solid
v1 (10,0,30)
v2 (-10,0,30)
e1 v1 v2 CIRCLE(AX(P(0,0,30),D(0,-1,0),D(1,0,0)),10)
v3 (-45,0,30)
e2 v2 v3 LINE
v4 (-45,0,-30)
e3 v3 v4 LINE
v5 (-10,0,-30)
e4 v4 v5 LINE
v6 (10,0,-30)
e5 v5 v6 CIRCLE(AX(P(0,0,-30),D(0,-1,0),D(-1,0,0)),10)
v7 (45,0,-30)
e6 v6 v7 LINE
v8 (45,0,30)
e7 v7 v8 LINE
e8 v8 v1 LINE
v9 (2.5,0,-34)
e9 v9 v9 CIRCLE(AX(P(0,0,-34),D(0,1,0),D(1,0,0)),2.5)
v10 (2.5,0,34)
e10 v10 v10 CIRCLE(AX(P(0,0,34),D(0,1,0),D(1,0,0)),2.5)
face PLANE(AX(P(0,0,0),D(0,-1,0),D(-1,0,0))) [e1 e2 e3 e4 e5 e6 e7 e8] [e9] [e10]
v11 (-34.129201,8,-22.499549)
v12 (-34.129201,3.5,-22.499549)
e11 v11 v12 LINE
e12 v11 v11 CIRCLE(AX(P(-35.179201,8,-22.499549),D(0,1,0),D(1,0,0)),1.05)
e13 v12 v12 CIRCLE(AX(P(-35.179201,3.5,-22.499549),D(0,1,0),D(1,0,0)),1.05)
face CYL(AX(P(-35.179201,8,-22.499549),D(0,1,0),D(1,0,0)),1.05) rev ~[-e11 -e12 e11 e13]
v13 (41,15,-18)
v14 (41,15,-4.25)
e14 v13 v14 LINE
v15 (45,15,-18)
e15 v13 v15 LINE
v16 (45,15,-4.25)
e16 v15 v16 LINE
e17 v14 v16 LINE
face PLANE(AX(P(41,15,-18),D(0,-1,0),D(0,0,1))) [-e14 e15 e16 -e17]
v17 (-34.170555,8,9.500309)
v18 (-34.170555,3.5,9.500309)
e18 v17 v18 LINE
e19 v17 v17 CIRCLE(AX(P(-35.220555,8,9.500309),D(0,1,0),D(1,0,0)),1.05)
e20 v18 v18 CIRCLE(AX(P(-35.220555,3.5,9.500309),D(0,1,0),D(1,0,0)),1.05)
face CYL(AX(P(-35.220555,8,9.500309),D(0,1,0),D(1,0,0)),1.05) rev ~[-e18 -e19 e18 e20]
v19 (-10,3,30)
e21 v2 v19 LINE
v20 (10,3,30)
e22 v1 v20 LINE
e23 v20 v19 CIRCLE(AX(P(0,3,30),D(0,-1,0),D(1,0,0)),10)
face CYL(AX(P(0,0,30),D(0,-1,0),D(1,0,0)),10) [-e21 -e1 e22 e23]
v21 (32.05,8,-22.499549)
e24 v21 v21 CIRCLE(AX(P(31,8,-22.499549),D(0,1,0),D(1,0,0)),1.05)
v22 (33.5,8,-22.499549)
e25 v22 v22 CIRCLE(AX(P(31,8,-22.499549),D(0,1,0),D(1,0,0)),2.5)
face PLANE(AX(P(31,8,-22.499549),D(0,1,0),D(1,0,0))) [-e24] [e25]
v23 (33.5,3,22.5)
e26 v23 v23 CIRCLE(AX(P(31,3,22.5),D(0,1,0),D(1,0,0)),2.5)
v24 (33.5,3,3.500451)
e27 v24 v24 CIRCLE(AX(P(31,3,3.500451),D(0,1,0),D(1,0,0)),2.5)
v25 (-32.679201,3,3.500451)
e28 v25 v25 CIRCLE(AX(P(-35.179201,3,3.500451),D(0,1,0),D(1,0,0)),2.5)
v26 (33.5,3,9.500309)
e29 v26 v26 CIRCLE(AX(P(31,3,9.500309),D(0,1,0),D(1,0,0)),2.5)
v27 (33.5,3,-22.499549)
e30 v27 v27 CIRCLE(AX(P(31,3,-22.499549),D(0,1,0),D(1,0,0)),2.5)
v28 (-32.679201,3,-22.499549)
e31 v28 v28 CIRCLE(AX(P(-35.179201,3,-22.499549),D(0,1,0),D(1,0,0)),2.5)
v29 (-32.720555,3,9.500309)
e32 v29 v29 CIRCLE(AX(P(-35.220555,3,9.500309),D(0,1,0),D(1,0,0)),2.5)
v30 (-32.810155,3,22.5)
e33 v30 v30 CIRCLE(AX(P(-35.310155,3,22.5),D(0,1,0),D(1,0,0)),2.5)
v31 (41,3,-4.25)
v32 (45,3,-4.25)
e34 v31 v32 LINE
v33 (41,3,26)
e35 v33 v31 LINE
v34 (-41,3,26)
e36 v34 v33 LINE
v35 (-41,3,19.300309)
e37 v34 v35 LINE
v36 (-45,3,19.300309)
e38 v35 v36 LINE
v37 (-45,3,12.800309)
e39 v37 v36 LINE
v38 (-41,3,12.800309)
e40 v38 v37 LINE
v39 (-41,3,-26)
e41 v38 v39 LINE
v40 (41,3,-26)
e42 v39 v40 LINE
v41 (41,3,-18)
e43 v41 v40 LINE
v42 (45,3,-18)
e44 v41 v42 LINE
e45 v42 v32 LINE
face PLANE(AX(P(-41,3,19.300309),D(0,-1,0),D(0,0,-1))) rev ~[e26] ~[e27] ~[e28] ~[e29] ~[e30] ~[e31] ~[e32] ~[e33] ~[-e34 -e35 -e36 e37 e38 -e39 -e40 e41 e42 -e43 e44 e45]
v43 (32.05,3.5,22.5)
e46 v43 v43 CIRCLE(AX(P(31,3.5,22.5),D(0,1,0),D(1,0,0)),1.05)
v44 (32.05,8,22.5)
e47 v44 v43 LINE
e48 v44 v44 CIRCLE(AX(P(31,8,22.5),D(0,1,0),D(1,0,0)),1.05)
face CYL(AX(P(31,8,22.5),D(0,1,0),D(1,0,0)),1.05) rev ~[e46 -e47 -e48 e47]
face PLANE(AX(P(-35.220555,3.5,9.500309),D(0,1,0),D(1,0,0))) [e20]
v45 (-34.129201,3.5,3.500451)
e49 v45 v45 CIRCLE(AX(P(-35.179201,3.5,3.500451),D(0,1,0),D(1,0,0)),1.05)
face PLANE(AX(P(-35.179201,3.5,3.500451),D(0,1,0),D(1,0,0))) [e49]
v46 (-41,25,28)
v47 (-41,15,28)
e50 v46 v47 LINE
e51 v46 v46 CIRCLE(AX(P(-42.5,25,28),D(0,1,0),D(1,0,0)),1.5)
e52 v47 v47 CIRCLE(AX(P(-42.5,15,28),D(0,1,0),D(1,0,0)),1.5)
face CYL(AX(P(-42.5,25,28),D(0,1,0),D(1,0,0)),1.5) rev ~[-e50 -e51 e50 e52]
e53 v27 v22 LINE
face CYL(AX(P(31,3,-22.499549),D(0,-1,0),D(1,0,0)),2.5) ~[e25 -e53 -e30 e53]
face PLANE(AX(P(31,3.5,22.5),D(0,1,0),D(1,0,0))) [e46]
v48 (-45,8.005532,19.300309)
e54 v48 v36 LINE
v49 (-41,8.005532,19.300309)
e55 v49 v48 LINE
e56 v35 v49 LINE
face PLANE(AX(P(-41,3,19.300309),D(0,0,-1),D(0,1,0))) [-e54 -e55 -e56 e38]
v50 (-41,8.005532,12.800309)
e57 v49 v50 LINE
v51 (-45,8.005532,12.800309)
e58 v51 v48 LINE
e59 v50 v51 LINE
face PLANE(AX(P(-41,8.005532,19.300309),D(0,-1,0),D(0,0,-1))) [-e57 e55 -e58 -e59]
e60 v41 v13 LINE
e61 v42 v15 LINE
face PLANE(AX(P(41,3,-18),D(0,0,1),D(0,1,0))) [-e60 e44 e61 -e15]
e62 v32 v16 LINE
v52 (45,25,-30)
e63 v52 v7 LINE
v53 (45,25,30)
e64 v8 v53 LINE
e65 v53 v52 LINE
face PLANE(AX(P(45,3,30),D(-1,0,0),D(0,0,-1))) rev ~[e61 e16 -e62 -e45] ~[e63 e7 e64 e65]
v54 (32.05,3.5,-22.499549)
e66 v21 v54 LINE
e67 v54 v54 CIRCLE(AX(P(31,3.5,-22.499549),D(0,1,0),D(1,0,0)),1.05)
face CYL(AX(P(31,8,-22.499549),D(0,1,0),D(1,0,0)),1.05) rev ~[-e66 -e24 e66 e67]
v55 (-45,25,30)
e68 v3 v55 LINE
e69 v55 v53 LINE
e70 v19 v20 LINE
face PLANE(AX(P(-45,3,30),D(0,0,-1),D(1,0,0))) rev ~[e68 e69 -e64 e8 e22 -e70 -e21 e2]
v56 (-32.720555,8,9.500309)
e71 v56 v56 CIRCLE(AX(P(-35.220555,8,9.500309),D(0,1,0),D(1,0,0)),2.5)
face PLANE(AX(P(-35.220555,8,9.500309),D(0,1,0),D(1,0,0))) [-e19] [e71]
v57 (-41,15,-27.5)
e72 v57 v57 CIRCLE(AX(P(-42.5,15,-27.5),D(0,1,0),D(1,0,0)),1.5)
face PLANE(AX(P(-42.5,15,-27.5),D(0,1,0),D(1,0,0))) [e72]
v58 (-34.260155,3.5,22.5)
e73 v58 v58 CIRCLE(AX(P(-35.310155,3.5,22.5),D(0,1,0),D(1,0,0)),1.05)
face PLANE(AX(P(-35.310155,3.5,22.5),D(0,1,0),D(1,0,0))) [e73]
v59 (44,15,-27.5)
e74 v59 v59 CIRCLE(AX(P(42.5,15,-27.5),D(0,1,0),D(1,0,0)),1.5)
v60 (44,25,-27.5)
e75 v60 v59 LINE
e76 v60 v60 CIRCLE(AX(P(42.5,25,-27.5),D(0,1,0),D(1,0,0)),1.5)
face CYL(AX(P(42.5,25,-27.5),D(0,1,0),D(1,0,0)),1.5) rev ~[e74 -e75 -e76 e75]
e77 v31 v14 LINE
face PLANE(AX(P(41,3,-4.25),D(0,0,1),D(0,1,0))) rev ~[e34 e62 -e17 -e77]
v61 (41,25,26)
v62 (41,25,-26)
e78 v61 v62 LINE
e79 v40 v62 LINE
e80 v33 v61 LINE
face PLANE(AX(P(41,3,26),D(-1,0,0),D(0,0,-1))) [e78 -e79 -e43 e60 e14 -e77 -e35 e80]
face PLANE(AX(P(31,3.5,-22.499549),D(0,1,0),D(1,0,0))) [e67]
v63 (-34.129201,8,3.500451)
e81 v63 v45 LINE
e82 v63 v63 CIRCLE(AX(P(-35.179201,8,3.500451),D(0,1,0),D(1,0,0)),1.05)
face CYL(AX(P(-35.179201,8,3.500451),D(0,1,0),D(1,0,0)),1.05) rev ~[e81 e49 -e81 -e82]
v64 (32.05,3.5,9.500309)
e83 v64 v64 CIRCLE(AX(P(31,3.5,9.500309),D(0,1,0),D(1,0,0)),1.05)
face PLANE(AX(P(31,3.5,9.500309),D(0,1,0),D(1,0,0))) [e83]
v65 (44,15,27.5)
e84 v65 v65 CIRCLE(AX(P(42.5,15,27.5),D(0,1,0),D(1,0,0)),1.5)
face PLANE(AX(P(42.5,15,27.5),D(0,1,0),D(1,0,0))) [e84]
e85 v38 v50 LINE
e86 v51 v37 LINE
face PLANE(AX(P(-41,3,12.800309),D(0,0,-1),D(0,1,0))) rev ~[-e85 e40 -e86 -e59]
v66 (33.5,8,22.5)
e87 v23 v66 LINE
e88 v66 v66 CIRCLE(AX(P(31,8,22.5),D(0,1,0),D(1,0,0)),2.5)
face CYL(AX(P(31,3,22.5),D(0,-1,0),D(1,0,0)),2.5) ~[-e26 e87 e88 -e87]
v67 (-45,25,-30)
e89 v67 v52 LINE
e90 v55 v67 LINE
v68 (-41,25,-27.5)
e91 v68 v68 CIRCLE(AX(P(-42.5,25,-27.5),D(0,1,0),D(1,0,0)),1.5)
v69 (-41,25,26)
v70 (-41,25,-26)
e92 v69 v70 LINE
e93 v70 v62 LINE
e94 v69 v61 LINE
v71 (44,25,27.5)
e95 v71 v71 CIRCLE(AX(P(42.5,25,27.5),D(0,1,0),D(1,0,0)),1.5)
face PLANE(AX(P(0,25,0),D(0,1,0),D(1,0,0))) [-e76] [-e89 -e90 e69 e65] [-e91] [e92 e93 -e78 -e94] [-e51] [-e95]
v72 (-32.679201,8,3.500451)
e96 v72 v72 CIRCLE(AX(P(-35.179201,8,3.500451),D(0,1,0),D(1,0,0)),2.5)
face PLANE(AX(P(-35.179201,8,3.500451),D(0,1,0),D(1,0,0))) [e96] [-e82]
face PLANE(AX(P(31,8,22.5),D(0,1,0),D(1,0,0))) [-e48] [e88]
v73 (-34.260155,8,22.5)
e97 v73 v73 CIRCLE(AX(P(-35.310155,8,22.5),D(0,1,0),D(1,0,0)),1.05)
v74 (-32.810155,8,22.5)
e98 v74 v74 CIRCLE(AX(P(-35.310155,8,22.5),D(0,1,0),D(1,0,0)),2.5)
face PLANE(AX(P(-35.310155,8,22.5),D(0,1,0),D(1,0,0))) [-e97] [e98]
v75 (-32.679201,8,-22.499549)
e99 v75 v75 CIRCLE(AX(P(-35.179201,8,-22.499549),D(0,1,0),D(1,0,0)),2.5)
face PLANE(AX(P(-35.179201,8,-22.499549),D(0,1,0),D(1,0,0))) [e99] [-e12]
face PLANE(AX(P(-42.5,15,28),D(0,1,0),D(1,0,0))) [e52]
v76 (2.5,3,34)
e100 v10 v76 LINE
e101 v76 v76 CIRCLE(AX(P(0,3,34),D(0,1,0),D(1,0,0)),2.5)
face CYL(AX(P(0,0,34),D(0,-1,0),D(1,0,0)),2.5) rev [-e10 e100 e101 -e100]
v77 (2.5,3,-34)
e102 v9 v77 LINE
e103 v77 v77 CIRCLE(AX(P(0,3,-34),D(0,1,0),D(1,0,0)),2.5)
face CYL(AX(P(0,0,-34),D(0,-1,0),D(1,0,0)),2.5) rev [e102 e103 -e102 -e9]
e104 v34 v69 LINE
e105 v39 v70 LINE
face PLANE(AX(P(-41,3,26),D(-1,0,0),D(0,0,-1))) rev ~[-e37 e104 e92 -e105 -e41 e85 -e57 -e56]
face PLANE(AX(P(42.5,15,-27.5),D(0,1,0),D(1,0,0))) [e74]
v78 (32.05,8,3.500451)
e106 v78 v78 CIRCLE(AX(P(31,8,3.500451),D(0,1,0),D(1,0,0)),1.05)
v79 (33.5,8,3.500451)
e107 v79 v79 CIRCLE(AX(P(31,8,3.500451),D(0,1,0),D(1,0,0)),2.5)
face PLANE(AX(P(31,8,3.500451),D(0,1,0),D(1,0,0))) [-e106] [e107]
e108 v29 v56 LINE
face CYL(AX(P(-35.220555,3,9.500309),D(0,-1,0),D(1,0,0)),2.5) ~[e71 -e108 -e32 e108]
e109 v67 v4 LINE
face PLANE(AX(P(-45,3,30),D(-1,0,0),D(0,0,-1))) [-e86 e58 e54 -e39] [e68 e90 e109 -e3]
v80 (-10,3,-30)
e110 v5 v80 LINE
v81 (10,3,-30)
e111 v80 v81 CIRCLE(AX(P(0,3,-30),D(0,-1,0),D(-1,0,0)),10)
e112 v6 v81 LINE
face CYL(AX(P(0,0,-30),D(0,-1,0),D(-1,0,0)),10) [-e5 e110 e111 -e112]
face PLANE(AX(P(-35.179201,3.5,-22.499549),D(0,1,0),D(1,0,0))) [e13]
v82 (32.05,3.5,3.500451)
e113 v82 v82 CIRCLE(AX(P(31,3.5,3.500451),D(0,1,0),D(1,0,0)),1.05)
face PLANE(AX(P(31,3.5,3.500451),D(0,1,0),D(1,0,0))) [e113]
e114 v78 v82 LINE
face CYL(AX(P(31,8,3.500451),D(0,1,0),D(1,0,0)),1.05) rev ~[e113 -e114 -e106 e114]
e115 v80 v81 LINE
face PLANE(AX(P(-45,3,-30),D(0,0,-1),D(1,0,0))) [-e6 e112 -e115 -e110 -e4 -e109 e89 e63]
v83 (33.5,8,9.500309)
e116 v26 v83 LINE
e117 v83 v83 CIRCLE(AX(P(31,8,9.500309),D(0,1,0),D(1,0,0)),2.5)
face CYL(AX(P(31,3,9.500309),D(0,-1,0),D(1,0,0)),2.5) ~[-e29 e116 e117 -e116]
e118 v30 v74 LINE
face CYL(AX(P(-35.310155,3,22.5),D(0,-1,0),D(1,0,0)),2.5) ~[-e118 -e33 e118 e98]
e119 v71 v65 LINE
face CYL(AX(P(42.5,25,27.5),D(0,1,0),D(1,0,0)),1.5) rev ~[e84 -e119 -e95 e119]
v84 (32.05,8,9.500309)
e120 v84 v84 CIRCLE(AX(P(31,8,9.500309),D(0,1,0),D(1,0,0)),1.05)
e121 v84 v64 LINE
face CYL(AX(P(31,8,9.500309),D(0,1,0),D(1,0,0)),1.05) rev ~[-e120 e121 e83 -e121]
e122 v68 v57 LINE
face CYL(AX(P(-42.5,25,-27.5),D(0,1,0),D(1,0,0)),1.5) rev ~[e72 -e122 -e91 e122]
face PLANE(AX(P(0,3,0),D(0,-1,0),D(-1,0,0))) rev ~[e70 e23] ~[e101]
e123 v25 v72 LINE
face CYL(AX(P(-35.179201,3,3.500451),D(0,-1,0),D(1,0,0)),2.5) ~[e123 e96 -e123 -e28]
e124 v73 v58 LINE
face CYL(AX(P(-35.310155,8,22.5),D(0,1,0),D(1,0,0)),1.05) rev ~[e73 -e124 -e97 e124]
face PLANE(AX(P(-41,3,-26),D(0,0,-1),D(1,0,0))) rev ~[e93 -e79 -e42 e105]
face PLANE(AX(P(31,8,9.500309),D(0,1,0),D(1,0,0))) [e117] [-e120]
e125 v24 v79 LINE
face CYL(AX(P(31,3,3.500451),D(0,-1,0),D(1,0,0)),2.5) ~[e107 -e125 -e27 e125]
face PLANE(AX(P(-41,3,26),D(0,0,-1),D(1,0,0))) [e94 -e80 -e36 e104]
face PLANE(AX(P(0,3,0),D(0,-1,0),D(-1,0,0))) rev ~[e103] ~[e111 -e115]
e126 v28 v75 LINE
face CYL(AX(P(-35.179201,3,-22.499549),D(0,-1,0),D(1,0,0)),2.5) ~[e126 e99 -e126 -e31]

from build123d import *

# Parameters (mm, degrees)
SKETCH1_R           = 2.5
BOSS_EXTRUDE1_DEPTH = 3
SKETCH2_R           = 2.5
BOSS_EXTRUDE2_DEPTH = 5
SKETCH4_R           = 1.05
CUT_EXTRUDE2_DEPTH  = 4.5
SKETCH6_W           = 90
SKETCH6_H           = 60
SKETCH6_W_2         = 82
SKETCH6_H_2         = 52
BOSS_EXTRUDE3_DEPTH = 22
SKETCH7_W           = 13.75
SKETCH7_H           = 12
CUT_EXTRUDE3_DEPTH  = 20
SKETCH8_R           = 1.5
CUT_EXTRUDE4_DEPTH  = 10
SKETCH10_W          = 6.5
SKETCH10_H          = 5.005531991
CUT_EXTRUDE5_DEPTH  = 10


with BuildPart() as part:
    # Sketch1 → Boss-Extrude1 (new body)
    with BuildSketch(Plane(origin=(0, 0, 0), x_dir=(1, 0, 0), z_dir=(0, 1, 0))):
        with BuildLine():
            Line((-45, 30), (-10, 30))
            ThreePointArc((-10, 30), (0, 40), (10, 30))
            Line((10, 30), (45, 30))
            Line((45, 30), (45, -30))
            Line((45, -30), (10, -30))
            ThreePointArc((10, -30), (0, -40), (-10, -30))
            Line((-10, -30), (-45, -30))
            Line((-45, -30), (-45, 30))
        make_face()
        with Locations((0, 34)):
            Circle(SKETCH1_R, mode=Mode.SUBTRACT)
        with Locations((0, -34)):
            Circle(SKETCH1_R, mode=Mode.SUBTRACT)
    extrude(amount=BOSS_EXTRUDE1_DEPTH)

    # Sketch2 → Boss-Extrude2 (add)
    with BuildSketch(Plane(origin=(0, 3, 0), x_dir=(1, 0, 0), z_dir=(0, 1, 0))):
        with Locations((-35.17920076, 22.499548704)):
            Circle(SKETCH2_R)
        with Locations((31, 22.499548704)):
            Circle(SKETCH2_R)
        with Locations((31, -3.500451296)):
            Circle(SKETCH2_R)
        with Locations((-35.17920076, -3.500451296)):
            Circle(SKETCH2_R)
        with Locations((-35.220554781, -9.500308782)):
            Circle(SKETCH2_R)
        with Locations((31, -9.500308782)):
            Circle(SKETCH2_R)
        with Locations((-35.310155161, -22.5)):
            Circle(SKETCH2_R)
        with Locations((31, -22.5)):
            Circle(SKETCH2_R)
    extrude(amount=BOSS_EXTRUDE2_DEPTH)

    # Sketch4 → Cut-Extrude2 (cut)
    with BuildSketch(Plane(origin=(0, 8, 0), x_dir=(1, 0, 0), z_dir=(0, 1, 0))):
        with Locations((-35.17920076, 22.499548704)):
            Circle(SKETCH4_R)
        with Locations((31, 22.499548704)):
            Circle(SKETCH4_R)
        with Locations((31, -3.500451296)):
            Circle(SKETCH4_R)
        with Locations((31, -9.500308782)):
            Circle(SKETCH4_R)
        with Locations((-35.17920076, -3.500451296)):
            Circle(SKETCH4_R)
        with Locations((-35.220554781, -9.500308782)):
            Circle(SKETCH4_R)
        with Locations((-35.310155161, -22.5)):
            Circle(SKETCH4_R)
        with Locations((31, -22.5)):
            Circle(SKETCH4_R)
    extrude(amount=-CUT_EXTRUDE2_DEPTH, mode=Mode.SUBTRACT)

    # Sketch6 → Boss-Extrude3 (add)
    with BuildSketch(Plane(origin=(0, 3, 0), x_dir=(1, 0, 0), z_dir=(0, 1, 0))):
        Rectangle(SKETCH6_W, SKETCH6_H)
        Rectangle(SKETCH6_W_2, SKETCH6_H_2, mode=Mode.SUBTRACT)
    extrude(amount=BOSS_EXTRUDE3_DEPTH)

    # Sketch7 → Cut-Extrude3 (cut)
    with BuildSketch(Plane.ZY.offset(-41)):
        with Locations((-11.125, 9)):
            Rectangle(SKETCH7_W, SKETCH7_H)
    extrude(amount=-CUT_EXTRUDE3_DEPTH, mode=Mode.SUBTRACT)

    # Sketch8 → Cut-Extrude4 (cut)
    with BuildSketch(Plane(origin=(0, 25, 0), x_dir=(1, 0, 0), z_dir=(0, 1, 0))):
        with Locations((-42.5, 27.5)):
            Circle(SKETCH8_R)
        with Locations((42.5, 27.5)):
            Circle(SKETCH8_R)
        with Locations((-42.5, -28)):
            Circle(SKETCH8_R)
        with Locations((42.5, -27.5)):
            Circle(SKETCH8_R)
    extrude(amount=-CUT_EXTRUDE4_DEPTH, mode=Mode.SUBTRACT)

    # Sketch10 → Cut-Extrude5 (cut)
    with BuildSketch(Plane(origin=(-41, 0, 0), x_dir=(0, 0, -1), z_dir=(1, 0, 0))):
        with Locations((-16.050308782, 5.502765995)):
            Rectangle(SKETCH10_W, SKETCH10_H)
    extrude(amount=-CUT_EXTRUDE5_DEPTH, mode=Mode.SUBTRACT)


solid = part.part
